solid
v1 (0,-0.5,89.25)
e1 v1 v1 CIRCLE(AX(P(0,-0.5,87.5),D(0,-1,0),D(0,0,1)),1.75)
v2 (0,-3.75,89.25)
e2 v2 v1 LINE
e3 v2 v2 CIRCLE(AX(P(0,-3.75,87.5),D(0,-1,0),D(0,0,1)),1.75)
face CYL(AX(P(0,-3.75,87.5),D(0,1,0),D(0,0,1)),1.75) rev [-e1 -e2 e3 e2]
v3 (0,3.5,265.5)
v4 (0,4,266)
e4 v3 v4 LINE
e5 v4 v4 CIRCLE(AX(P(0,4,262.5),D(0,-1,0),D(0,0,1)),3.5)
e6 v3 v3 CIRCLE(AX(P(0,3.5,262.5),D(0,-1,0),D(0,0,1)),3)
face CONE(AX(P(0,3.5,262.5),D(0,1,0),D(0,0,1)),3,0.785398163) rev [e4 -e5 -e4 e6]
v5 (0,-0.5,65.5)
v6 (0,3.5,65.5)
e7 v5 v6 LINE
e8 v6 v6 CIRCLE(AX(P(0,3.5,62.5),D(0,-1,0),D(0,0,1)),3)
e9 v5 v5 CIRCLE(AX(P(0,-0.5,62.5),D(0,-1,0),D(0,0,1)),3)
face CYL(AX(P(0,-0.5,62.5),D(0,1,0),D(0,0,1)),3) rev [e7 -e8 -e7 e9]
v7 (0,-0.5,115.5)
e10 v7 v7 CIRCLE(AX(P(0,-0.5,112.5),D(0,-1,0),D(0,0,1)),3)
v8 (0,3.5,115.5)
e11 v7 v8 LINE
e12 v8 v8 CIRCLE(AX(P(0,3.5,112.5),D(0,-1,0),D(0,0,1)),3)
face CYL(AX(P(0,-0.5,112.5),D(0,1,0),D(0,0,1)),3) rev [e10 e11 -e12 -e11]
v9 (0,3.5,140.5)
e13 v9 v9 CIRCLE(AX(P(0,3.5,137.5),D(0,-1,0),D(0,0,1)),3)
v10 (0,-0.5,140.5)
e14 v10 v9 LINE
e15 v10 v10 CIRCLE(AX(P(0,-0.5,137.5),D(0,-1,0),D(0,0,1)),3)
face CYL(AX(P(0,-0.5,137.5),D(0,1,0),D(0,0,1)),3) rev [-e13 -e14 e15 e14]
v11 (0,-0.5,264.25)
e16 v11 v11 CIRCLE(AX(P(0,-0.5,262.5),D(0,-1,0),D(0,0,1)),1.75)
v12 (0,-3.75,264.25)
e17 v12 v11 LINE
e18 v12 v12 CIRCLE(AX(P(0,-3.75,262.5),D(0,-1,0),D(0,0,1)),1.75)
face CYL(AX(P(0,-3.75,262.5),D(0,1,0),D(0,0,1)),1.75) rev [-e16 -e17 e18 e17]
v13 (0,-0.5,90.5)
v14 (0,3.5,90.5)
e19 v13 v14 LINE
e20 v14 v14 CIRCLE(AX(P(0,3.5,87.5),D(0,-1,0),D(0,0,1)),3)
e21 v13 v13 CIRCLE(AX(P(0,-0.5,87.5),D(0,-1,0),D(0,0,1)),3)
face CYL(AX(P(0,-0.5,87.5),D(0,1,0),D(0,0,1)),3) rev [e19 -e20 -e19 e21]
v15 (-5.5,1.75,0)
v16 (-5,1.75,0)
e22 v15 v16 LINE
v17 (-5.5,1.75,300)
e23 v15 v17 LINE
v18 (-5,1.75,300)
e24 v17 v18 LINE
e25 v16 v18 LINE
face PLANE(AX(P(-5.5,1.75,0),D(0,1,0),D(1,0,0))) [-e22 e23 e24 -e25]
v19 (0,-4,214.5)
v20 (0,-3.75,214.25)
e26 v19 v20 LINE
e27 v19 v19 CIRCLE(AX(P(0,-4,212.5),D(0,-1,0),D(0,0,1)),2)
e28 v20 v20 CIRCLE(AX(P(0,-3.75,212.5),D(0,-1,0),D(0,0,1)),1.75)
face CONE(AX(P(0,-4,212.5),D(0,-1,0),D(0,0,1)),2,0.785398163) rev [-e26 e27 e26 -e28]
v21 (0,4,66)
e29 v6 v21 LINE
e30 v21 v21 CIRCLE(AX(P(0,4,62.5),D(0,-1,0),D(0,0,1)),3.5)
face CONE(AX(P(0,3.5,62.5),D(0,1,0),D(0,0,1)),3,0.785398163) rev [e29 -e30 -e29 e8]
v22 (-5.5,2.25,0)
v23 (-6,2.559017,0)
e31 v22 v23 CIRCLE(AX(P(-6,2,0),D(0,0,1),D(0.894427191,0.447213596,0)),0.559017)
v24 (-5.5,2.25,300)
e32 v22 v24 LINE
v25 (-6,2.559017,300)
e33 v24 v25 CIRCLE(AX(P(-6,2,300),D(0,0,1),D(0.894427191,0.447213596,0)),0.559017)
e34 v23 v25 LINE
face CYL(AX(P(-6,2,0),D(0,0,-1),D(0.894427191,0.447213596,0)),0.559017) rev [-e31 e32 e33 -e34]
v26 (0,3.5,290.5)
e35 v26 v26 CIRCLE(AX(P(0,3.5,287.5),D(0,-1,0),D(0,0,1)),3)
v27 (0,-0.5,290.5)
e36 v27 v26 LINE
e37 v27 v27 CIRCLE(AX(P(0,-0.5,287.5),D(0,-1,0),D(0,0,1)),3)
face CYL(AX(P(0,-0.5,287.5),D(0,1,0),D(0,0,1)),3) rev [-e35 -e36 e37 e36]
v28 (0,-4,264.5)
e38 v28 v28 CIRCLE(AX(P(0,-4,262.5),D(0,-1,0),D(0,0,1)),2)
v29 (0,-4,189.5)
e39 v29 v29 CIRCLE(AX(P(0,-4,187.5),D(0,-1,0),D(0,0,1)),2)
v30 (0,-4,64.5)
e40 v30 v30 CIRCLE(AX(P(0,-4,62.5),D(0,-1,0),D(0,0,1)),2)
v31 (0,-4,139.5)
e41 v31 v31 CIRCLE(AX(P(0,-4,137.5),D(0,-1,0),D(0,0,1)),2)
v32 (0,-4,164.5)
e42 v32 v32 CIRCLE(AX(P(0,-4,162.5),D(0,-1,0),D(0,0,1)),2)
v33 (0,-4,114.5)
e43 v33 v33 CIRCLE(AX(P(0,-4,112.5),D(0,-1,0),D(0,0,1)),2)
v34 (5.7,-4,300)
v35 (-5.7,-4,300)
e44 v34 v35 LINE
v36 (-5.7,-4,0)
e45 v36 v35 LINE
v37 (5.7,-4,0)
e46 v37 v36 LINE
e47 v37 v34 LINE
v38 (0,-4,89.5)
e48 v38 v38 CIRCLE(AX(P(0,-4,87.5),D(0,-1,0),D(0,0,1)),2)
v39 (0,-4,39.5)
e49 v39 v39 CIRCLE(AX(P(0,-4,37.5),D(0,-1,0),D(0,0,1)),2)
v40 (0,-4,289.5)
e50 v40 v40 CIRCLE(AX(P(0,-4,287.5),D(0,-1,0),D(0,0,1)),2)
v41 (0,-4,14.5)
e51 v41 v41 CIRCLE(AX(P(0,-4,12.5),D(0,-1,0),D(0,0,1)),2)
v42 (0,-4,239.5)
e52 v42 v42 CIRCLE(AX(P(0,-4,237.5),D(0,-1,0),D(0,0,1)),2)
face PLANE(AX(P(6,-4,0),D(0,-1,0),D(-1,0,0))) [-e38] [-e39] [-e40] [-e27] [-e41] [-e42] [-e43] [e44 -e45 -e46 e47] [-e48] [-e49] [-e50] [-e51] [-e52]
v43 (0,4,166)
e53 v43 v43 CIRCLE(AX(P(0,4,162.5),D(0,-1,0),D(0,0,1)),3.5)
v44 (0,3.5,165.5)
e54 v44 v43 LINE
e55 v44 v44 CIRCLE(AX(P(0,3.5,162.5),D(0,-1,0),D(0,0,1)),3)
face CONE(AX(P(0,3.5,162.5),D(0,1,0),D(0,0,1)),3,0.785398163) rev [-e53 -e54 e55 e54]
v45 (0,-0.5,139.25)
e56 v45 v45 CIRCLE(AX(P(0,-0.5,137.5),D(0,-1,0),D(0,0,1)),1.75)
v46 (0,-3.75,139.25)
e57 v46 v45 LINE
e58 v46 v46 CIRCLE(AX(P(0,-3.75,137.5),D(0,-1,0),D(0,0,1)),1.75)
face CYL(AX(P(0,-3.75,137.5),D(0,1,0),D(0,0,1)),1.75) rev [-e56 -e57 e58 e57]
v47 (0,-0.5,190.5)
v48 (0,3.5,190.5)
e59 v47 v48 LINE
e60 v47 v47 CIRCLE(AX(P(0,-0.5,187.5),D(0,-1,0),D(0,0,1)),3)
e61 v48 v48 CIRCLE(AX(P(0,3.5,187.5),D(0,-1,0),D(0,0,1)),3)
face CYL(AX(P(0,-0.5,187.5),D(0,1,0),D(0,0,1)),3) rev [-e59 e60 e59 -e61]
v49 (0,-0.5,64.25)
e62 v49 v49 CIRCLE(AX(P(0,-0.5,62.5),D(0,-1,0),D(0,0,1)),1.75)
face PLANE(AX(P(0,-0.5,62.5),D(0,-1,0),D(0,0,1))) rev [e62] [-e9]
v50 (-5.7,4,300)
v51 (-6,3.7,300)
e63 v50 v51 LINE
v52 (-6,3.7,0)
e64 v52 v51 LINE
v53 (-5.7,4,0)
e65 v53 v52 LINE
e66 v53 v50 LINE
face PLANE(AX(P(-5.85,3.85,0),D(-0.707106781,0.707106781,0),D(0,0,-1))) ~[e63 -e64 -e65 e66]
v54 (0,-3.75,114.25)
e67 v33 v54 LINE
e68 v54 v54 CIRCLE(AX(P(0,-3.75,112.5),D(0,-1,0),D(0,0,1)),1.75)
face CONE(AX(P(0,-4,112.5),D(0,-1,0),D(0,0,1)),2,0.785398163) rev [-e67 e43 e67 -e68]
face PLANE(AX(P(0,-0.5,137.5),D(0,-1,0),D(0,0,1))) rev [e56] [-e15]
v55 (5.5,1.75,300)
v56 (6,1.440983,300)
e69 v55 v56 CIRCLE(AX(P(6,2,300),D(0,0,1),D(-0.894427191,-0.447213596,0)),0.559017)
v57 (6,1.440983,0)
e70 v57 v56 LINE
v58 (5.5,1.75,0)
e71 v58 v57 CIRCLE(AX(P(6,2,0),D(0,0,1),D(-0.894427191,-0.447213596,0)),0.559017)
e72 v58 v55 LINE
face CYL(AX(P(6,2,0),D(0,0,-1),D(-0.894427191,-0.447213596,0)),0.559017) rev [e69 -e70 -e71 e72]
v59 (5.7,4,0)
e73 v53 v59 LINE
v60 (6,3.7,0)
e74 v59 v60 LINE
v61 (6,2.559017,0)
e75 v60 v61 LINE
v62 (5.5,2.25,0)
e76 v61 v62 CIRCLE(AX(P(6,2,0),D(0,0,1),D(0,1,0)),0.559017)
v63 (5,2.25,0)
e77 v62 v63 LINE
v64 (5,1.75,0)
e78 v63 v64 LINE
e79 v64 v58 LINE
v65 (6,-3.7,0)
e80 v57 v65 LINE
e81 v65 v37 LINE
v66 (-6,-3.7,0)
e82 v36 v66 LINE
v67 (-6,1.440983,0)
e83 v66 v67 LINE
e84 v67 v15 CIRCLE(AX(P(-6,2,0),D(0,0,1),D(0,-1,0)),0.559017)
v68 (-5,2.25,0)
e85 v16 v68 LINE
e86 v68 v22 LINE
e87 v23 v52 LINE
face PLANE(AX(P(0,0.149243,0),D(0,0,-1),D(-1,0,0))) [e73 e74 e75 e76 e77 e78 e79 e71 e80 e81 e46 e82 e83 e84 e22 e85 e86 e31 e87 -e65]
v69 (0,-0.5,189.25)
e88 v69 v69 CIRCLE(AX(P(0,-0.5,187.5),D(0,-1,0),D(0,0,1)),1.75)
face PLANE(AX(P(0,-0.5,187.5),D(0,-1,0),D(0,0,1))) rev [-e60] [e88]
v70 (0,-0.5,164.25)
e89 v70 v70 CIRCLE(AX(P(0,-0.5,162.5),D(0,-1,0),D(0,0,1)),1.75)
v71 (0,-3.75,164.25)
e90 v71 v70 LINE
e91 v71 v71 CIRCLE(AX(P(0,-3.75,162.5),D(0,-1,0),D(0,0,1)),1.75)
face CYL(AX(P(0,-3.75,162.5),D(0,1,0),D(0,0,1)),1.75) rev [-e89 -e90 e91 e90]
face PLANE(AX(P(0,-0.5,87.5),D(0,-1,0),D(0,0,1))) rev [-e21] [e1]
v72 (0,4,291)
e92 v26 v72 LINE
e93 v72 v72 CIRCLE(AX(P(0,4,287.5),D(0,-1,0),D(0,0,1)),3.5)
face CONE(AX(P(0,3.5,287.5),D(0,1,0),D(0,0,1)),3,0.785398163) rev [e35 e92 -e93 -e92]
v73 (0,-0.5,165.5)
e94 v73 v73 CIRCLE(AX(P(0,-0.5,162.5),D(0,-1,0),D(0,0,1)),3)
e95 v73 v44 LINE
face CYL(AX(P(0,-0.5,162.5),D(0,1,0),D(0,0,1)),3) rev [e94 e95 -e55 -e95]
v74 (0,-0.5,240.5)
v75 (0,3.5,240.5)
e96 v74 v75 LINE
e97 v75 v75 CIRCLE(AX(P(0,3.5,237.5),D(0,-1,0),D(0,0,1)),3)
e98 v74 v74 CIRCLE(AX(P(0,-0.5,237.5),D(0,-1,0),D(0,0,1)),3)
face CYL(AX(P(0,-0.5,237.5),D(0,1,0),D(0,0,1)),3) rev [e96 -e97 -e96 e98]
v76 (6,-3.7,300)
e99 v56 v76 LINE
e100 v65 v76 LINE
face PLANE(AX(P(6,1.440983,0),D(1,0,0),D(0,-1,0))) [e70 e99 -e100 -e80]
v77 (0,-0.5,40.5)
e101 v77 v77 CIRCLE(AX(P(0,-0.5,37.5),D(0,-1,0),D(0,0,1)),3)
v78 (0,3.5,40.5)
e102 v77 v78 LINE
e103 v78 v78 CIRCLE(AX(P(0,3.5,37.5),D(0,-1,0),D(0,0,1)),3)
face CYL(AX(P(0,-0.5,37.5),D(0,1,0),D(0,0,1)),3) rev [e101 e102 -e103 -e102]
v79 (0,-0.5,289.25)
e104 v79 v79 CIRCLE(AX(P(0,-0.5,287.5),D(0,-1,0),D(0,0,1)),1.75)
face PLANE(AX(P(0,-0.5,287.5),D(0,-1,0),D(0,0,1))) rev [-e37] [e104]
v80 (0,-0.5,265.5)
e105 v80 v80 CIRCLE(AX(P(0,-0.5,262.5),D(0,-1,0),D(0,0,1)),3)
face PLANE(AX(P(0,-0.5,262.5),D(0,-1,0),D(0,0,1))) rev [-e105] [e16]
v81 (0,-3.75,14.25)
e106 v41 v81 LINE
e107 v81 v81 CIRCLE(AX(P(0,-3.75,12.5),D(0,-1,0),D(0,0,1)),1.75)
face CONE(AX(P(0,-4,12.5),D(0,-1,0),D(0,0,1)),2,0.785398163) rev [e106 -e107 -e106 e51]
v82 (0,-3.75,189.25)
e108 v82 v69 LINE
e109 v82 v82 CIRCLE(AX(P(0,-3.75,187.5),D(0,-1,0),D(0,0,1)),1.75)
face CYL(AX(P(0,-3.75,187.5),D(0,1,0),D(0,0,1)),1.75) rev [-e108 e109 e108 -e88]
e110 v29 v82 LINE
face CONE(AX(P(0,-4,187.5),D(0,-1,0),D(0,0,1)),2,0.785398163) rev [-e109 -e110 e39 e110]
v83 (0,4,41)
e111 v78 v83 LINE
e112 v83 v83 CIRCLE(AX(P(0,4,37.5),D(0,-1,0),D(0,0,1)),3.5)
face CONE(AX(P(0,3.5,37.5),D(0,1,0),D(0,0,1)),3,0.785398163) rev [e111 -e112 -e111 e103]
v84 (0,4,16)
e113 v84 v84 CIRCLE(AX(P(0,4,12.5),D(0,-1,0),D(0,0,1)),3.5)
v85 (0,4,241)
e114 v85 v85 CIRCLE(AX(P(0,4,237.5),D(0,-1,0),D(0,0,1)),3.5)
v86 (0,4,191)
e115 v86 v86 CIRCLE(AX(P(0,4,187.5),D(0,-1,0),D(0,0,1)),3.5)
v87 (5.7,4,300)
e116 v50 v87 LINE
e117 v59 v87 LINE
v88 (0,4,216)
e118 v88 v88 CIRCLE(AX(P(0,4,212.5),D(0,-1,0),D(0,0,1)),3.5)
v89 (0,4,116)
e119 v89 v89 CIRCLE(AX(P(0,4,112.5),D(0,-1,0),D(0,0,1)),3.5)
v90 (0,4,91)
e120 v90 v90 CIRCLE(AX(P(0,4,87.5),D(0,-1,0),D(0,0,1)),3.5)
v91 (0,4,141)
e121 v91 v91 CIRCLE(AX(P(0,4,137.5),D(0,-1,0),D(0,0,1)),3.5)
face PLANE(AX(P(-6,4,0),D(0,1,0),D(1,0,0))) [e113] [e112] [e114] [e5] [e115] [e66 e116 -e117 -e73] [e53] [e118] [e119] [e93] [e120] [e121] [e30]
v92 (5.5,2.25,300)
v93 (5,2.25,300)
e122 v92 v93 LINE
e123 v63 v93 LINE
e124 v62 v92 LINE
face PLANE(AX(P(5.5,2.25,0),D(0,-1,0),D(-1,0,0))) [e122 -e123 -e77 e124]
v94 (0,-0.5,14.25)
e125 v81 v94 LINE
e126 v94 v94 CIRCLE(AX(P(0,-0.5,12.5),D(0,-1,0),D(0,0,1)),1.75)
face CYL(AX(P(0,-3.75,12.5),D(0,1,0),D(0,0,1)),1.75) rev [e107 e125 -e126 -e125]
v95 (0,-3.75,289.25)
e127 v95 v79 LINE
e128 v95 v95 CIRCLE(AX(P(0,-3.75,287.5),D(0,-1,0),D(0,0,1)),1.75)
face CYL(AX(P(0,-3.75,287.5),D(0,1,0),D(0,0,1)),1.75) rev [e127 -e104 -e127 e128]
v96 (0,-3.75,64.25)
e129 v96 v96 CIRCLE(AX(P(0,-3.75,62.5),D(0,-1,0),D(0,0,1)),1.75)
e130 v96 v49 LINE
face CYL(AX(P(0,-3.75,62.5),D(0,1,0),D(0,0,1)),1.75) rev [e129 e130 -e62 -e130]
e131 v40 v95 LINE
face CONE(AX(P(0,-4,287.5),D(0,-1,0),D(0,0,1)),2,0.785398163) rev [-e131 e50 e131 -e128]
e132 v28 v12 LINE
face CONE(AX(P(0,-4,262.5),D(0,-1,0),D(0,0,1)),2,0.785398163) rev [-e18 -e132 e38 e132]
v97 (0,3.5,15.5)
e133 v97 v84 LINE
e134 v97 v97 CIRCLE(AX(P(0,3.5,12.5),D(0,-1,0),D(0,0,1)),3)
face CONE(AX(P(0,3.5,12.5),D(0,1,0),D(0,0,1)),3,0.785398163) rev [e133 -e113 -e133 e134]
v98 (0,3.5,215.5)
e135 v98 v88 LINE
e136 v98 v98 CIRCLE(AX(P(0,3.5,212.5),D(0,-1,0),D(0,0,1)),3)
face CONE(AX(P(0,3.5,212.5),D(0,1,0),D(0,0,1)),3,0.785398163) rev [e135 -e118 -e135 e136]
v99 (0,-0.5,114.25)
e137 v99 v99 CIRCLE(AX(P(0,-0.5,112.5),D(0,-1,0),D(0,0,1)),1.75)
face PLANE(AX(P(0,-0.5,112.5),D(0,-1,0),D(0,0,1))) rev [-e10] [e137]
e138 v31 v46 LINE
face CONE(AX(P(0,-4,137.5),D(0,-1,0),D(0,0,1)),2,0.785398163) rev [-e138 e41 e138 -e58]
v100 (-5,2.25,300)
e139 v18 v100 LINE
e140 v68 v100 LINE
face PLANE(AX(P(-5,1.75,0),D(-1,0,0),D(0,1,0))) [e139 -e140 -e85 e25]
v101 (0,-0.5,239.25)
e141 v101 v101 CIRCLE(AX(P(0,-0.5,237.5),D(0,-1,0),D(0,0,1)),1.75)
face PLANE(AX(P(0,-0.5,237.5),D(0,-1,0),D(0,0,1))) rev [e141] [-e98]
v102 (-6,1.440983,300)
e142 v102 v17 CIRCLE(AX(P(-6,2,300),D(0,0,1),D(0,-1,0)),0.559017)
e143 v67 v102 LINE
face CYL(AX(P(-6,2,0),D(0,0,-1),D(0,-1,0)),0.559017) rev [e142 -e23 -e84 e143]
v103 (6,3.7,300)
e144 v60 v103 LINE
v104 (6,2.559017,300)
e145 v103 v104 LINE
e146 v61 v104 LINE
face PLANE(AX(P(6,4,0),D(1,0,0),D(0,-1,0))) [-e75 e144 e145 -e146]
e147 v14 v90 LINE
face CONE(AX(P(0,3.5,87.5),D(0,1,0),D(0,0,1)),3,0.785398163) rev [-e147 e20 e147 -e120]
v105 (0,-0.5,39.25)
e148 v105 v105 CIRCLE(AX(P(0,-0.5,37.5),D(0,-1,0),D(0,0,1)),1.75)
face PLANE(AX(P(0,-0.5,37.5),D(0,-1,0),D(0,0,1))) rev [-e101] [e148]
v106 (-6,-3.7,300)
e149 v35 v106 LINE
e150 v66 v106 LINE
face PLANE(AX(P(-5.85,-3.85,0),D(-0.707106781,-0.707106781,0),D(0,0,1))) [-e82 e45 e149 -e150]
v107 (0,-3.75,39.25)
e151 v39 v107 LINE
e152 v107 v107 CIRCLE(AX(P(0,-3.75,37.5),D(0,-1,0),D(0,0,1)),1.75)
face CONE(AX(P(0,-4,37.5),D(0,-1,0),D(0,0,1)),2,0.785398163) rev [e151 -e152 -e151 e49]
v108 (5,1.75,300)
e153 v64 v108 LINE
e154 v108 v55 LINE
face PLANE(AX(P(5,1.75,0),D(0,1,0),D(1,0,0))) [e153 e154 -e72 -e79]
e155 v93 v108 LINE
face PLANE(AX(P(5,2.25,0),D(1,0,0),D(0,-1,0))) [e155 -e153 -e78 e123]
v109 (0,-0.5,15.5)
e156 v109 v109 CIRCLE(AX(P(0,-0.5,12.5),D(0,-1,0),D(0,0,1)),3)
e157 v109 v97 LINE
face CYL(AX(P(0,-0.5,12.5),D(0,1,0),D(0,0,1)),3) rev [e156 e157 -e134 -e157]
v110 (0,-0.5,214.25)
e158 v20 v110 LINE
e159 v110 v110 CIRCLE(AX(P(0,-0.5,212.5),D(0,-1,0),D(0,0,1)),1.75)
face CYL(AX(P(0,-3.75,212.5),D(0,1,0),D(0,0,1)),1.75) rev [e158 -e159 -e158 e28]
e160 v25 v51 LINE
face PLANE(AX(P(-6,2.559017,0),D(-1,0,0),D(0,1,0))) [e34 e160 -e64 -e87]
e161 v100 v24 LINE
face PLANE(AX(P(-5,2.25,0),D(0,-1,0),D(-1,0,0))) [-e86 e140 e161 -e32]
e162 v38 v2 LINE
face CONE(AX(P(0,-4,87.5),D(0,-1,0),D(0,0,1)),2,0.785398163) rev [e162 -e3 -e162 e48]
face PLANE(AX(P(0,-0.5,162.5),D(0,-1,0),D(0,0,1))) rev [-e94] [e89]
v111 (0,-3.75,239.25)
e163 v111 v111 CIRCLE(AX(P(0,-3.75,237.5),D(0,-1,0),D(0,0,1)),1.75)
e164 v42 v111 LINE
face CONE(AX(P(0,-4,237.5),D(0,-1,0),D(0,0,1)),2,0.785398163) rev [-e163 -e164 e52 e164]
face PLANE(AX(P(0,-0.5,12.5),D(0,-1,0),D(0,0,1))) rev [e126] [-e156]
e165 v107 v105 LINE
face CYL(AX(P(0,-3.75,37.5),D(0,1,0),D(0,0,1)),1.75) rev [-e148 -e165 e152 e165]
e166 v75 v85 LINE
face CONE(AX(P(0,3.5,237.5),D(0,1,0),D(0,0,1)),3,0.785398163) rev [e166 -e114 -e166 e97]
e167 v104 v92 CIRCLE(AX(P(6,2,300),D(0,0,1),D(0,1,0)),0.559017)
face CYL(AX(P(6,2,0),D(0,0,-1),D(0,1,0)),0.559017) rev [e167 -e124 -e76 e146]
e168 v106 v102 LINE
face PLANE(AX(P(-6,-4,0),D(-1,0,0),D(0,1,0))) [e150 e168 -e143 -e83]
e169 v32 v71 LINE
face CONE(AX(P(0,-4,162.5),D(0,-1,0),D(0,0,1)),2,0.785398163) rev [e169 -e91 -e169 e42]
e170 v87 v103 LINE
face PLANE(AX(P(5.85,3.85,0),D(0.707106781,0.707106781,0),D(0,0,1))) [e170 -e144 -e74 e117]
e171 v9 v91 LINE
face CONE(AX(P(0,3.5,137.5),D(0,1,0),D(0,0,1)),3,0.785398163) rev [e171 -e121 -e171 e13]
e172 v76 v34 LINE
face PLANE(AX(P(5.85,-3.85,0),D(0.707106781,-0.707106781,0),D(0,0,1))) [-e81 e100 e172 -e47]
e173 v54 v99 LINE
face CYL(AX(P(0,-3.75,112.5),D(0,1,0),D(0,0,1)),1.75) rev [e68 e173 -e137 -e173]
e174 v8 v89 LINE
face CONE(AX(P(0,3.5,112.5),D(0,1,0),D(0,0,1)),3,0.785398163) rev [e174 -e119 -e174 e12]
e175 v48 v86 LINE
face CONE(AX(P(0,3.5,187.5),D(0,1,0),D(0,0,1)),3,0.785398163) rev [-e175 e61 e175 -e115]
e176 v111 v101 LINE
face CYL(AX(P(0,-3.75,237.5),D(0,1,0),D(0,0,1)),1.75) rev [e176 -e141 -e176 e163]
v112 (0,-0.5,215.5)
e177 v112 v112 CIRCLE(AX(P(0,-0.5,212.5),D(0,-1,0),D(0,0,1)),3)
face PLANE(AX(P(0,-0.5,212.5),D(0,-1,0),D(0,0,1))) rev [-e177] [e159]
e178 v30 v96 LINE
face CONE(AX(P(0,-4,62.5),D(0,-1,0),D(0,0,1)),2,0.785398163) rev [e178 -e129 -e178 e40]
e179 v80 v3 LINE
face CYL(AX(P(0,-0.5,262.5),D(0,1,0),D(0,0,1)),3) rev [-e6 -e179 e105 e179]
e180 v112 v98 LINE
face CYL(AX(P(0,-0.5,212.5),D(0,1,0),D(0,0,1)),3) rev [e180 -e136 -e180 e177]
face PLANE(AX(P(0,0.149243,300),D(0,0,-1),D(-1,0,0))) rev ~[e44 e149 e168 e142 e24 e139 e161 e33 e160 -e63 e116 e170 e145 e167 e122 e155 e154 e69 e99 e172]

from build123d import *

# Parameters (mm, degrees)
BOSS_EXTRUDE1_DEPTH = 300
CHAMFER1_SIZE       = 0.3
LPATTERN1_COUNT     = 12
LPATTERN1_PITCH     = 25


with BuildPart() as part:
    # Sketch1 → Boss-Extrude1 (new body)
    with BuildSketch(Plane.XY):
        with BuildLine():
            Line((-6, 4), (6, 4))
            Line((6, 4), (6, 2.75))
            Line((6, 2.75), (6, 2.559016994))
            ThreePointArc((6, 2.559016994), (5.706107374, 2.475528258), (5.5, 2.25))
            Line((5.5, 2.25), (5, 2.25))
            Line((5, 2.25), (5, 1.75))
            Line((5, 1.75), (5.5, 1.75))
            ThreePointArc((5.5, 1.75), (5.706107374, 1.524471742), (6, 1.440983006))
            Line((6, 1.440983006), (6, 1.25))
            Line((6, 1.25), (6, -4))
            Line((6, -4), (-6, -4))
            Line((-6, -4), (-6, 1.25))
            Line((-6, 1.25), (-6, 1.440983006))
            ThreePointArc((-6, 1.440983006), (-5.706107374, 1.524471742), (-5.5, 1.75))
            Line((-5.5, 1.75), (-5, 1.75))
            Line((-5, 1.75), (-5, 2.25))
            Line((-5, 2.25), (-5.5, 2.25))
            ThreePointArc((-5.5, 2.25), (-5.706107374, 2.475528258), (-6, 2.559016994))
            Line((-6, 2.559016994), (-6, 2.75))
            Line((-6, 2.75), (-6, 4))
        make_face()
    extrude(amount=BOSS_EXTRUDE1_DEPTH)

    # Chamfer1
    chamfer1_edges = [part.edges().sort_by_distance(p)[0] for p in [
        (-6, 4, 150),
        (6, 4, 150),
        (6, -4, 150),
        (-6, -4, 150),
    ]]
    chamfer(chamfer1_edges, length=CHAMFER1_SIZE)

    # Sketch3 → M3 六角承窩頭蓋螺釘的柱孔1 (revolve, cut)
    with BuildSketch(Plane(origin=(0, 4, 12.5), x_dir=(0, 0, 1), z_dir=(1, 0, 0))):
        Polygon((0, 0), (0, 8), (2, 8), (1.75, 7.75), (1.75, 4.5), (3, 4.5), (3, 0.5), (3.5, 0), align=None)
    hole_wizard_m3_1 = revolve(axis=Axis((0, 10.35, 12.5), (0, -1, 0)), mode=Mode.SUBTRACT)

    # LPattern1: M3 六角承窩頭蓋螺釘的柱孔1 ×12
    with Locations(*[(0, 0, i * LPATTERN1_PITCH) for i in range(1, LPATTERN1_COUNT)]):
        add(hole_wizard_m3_1, mode=Mode.SUBTRACT)


solid = part.part
